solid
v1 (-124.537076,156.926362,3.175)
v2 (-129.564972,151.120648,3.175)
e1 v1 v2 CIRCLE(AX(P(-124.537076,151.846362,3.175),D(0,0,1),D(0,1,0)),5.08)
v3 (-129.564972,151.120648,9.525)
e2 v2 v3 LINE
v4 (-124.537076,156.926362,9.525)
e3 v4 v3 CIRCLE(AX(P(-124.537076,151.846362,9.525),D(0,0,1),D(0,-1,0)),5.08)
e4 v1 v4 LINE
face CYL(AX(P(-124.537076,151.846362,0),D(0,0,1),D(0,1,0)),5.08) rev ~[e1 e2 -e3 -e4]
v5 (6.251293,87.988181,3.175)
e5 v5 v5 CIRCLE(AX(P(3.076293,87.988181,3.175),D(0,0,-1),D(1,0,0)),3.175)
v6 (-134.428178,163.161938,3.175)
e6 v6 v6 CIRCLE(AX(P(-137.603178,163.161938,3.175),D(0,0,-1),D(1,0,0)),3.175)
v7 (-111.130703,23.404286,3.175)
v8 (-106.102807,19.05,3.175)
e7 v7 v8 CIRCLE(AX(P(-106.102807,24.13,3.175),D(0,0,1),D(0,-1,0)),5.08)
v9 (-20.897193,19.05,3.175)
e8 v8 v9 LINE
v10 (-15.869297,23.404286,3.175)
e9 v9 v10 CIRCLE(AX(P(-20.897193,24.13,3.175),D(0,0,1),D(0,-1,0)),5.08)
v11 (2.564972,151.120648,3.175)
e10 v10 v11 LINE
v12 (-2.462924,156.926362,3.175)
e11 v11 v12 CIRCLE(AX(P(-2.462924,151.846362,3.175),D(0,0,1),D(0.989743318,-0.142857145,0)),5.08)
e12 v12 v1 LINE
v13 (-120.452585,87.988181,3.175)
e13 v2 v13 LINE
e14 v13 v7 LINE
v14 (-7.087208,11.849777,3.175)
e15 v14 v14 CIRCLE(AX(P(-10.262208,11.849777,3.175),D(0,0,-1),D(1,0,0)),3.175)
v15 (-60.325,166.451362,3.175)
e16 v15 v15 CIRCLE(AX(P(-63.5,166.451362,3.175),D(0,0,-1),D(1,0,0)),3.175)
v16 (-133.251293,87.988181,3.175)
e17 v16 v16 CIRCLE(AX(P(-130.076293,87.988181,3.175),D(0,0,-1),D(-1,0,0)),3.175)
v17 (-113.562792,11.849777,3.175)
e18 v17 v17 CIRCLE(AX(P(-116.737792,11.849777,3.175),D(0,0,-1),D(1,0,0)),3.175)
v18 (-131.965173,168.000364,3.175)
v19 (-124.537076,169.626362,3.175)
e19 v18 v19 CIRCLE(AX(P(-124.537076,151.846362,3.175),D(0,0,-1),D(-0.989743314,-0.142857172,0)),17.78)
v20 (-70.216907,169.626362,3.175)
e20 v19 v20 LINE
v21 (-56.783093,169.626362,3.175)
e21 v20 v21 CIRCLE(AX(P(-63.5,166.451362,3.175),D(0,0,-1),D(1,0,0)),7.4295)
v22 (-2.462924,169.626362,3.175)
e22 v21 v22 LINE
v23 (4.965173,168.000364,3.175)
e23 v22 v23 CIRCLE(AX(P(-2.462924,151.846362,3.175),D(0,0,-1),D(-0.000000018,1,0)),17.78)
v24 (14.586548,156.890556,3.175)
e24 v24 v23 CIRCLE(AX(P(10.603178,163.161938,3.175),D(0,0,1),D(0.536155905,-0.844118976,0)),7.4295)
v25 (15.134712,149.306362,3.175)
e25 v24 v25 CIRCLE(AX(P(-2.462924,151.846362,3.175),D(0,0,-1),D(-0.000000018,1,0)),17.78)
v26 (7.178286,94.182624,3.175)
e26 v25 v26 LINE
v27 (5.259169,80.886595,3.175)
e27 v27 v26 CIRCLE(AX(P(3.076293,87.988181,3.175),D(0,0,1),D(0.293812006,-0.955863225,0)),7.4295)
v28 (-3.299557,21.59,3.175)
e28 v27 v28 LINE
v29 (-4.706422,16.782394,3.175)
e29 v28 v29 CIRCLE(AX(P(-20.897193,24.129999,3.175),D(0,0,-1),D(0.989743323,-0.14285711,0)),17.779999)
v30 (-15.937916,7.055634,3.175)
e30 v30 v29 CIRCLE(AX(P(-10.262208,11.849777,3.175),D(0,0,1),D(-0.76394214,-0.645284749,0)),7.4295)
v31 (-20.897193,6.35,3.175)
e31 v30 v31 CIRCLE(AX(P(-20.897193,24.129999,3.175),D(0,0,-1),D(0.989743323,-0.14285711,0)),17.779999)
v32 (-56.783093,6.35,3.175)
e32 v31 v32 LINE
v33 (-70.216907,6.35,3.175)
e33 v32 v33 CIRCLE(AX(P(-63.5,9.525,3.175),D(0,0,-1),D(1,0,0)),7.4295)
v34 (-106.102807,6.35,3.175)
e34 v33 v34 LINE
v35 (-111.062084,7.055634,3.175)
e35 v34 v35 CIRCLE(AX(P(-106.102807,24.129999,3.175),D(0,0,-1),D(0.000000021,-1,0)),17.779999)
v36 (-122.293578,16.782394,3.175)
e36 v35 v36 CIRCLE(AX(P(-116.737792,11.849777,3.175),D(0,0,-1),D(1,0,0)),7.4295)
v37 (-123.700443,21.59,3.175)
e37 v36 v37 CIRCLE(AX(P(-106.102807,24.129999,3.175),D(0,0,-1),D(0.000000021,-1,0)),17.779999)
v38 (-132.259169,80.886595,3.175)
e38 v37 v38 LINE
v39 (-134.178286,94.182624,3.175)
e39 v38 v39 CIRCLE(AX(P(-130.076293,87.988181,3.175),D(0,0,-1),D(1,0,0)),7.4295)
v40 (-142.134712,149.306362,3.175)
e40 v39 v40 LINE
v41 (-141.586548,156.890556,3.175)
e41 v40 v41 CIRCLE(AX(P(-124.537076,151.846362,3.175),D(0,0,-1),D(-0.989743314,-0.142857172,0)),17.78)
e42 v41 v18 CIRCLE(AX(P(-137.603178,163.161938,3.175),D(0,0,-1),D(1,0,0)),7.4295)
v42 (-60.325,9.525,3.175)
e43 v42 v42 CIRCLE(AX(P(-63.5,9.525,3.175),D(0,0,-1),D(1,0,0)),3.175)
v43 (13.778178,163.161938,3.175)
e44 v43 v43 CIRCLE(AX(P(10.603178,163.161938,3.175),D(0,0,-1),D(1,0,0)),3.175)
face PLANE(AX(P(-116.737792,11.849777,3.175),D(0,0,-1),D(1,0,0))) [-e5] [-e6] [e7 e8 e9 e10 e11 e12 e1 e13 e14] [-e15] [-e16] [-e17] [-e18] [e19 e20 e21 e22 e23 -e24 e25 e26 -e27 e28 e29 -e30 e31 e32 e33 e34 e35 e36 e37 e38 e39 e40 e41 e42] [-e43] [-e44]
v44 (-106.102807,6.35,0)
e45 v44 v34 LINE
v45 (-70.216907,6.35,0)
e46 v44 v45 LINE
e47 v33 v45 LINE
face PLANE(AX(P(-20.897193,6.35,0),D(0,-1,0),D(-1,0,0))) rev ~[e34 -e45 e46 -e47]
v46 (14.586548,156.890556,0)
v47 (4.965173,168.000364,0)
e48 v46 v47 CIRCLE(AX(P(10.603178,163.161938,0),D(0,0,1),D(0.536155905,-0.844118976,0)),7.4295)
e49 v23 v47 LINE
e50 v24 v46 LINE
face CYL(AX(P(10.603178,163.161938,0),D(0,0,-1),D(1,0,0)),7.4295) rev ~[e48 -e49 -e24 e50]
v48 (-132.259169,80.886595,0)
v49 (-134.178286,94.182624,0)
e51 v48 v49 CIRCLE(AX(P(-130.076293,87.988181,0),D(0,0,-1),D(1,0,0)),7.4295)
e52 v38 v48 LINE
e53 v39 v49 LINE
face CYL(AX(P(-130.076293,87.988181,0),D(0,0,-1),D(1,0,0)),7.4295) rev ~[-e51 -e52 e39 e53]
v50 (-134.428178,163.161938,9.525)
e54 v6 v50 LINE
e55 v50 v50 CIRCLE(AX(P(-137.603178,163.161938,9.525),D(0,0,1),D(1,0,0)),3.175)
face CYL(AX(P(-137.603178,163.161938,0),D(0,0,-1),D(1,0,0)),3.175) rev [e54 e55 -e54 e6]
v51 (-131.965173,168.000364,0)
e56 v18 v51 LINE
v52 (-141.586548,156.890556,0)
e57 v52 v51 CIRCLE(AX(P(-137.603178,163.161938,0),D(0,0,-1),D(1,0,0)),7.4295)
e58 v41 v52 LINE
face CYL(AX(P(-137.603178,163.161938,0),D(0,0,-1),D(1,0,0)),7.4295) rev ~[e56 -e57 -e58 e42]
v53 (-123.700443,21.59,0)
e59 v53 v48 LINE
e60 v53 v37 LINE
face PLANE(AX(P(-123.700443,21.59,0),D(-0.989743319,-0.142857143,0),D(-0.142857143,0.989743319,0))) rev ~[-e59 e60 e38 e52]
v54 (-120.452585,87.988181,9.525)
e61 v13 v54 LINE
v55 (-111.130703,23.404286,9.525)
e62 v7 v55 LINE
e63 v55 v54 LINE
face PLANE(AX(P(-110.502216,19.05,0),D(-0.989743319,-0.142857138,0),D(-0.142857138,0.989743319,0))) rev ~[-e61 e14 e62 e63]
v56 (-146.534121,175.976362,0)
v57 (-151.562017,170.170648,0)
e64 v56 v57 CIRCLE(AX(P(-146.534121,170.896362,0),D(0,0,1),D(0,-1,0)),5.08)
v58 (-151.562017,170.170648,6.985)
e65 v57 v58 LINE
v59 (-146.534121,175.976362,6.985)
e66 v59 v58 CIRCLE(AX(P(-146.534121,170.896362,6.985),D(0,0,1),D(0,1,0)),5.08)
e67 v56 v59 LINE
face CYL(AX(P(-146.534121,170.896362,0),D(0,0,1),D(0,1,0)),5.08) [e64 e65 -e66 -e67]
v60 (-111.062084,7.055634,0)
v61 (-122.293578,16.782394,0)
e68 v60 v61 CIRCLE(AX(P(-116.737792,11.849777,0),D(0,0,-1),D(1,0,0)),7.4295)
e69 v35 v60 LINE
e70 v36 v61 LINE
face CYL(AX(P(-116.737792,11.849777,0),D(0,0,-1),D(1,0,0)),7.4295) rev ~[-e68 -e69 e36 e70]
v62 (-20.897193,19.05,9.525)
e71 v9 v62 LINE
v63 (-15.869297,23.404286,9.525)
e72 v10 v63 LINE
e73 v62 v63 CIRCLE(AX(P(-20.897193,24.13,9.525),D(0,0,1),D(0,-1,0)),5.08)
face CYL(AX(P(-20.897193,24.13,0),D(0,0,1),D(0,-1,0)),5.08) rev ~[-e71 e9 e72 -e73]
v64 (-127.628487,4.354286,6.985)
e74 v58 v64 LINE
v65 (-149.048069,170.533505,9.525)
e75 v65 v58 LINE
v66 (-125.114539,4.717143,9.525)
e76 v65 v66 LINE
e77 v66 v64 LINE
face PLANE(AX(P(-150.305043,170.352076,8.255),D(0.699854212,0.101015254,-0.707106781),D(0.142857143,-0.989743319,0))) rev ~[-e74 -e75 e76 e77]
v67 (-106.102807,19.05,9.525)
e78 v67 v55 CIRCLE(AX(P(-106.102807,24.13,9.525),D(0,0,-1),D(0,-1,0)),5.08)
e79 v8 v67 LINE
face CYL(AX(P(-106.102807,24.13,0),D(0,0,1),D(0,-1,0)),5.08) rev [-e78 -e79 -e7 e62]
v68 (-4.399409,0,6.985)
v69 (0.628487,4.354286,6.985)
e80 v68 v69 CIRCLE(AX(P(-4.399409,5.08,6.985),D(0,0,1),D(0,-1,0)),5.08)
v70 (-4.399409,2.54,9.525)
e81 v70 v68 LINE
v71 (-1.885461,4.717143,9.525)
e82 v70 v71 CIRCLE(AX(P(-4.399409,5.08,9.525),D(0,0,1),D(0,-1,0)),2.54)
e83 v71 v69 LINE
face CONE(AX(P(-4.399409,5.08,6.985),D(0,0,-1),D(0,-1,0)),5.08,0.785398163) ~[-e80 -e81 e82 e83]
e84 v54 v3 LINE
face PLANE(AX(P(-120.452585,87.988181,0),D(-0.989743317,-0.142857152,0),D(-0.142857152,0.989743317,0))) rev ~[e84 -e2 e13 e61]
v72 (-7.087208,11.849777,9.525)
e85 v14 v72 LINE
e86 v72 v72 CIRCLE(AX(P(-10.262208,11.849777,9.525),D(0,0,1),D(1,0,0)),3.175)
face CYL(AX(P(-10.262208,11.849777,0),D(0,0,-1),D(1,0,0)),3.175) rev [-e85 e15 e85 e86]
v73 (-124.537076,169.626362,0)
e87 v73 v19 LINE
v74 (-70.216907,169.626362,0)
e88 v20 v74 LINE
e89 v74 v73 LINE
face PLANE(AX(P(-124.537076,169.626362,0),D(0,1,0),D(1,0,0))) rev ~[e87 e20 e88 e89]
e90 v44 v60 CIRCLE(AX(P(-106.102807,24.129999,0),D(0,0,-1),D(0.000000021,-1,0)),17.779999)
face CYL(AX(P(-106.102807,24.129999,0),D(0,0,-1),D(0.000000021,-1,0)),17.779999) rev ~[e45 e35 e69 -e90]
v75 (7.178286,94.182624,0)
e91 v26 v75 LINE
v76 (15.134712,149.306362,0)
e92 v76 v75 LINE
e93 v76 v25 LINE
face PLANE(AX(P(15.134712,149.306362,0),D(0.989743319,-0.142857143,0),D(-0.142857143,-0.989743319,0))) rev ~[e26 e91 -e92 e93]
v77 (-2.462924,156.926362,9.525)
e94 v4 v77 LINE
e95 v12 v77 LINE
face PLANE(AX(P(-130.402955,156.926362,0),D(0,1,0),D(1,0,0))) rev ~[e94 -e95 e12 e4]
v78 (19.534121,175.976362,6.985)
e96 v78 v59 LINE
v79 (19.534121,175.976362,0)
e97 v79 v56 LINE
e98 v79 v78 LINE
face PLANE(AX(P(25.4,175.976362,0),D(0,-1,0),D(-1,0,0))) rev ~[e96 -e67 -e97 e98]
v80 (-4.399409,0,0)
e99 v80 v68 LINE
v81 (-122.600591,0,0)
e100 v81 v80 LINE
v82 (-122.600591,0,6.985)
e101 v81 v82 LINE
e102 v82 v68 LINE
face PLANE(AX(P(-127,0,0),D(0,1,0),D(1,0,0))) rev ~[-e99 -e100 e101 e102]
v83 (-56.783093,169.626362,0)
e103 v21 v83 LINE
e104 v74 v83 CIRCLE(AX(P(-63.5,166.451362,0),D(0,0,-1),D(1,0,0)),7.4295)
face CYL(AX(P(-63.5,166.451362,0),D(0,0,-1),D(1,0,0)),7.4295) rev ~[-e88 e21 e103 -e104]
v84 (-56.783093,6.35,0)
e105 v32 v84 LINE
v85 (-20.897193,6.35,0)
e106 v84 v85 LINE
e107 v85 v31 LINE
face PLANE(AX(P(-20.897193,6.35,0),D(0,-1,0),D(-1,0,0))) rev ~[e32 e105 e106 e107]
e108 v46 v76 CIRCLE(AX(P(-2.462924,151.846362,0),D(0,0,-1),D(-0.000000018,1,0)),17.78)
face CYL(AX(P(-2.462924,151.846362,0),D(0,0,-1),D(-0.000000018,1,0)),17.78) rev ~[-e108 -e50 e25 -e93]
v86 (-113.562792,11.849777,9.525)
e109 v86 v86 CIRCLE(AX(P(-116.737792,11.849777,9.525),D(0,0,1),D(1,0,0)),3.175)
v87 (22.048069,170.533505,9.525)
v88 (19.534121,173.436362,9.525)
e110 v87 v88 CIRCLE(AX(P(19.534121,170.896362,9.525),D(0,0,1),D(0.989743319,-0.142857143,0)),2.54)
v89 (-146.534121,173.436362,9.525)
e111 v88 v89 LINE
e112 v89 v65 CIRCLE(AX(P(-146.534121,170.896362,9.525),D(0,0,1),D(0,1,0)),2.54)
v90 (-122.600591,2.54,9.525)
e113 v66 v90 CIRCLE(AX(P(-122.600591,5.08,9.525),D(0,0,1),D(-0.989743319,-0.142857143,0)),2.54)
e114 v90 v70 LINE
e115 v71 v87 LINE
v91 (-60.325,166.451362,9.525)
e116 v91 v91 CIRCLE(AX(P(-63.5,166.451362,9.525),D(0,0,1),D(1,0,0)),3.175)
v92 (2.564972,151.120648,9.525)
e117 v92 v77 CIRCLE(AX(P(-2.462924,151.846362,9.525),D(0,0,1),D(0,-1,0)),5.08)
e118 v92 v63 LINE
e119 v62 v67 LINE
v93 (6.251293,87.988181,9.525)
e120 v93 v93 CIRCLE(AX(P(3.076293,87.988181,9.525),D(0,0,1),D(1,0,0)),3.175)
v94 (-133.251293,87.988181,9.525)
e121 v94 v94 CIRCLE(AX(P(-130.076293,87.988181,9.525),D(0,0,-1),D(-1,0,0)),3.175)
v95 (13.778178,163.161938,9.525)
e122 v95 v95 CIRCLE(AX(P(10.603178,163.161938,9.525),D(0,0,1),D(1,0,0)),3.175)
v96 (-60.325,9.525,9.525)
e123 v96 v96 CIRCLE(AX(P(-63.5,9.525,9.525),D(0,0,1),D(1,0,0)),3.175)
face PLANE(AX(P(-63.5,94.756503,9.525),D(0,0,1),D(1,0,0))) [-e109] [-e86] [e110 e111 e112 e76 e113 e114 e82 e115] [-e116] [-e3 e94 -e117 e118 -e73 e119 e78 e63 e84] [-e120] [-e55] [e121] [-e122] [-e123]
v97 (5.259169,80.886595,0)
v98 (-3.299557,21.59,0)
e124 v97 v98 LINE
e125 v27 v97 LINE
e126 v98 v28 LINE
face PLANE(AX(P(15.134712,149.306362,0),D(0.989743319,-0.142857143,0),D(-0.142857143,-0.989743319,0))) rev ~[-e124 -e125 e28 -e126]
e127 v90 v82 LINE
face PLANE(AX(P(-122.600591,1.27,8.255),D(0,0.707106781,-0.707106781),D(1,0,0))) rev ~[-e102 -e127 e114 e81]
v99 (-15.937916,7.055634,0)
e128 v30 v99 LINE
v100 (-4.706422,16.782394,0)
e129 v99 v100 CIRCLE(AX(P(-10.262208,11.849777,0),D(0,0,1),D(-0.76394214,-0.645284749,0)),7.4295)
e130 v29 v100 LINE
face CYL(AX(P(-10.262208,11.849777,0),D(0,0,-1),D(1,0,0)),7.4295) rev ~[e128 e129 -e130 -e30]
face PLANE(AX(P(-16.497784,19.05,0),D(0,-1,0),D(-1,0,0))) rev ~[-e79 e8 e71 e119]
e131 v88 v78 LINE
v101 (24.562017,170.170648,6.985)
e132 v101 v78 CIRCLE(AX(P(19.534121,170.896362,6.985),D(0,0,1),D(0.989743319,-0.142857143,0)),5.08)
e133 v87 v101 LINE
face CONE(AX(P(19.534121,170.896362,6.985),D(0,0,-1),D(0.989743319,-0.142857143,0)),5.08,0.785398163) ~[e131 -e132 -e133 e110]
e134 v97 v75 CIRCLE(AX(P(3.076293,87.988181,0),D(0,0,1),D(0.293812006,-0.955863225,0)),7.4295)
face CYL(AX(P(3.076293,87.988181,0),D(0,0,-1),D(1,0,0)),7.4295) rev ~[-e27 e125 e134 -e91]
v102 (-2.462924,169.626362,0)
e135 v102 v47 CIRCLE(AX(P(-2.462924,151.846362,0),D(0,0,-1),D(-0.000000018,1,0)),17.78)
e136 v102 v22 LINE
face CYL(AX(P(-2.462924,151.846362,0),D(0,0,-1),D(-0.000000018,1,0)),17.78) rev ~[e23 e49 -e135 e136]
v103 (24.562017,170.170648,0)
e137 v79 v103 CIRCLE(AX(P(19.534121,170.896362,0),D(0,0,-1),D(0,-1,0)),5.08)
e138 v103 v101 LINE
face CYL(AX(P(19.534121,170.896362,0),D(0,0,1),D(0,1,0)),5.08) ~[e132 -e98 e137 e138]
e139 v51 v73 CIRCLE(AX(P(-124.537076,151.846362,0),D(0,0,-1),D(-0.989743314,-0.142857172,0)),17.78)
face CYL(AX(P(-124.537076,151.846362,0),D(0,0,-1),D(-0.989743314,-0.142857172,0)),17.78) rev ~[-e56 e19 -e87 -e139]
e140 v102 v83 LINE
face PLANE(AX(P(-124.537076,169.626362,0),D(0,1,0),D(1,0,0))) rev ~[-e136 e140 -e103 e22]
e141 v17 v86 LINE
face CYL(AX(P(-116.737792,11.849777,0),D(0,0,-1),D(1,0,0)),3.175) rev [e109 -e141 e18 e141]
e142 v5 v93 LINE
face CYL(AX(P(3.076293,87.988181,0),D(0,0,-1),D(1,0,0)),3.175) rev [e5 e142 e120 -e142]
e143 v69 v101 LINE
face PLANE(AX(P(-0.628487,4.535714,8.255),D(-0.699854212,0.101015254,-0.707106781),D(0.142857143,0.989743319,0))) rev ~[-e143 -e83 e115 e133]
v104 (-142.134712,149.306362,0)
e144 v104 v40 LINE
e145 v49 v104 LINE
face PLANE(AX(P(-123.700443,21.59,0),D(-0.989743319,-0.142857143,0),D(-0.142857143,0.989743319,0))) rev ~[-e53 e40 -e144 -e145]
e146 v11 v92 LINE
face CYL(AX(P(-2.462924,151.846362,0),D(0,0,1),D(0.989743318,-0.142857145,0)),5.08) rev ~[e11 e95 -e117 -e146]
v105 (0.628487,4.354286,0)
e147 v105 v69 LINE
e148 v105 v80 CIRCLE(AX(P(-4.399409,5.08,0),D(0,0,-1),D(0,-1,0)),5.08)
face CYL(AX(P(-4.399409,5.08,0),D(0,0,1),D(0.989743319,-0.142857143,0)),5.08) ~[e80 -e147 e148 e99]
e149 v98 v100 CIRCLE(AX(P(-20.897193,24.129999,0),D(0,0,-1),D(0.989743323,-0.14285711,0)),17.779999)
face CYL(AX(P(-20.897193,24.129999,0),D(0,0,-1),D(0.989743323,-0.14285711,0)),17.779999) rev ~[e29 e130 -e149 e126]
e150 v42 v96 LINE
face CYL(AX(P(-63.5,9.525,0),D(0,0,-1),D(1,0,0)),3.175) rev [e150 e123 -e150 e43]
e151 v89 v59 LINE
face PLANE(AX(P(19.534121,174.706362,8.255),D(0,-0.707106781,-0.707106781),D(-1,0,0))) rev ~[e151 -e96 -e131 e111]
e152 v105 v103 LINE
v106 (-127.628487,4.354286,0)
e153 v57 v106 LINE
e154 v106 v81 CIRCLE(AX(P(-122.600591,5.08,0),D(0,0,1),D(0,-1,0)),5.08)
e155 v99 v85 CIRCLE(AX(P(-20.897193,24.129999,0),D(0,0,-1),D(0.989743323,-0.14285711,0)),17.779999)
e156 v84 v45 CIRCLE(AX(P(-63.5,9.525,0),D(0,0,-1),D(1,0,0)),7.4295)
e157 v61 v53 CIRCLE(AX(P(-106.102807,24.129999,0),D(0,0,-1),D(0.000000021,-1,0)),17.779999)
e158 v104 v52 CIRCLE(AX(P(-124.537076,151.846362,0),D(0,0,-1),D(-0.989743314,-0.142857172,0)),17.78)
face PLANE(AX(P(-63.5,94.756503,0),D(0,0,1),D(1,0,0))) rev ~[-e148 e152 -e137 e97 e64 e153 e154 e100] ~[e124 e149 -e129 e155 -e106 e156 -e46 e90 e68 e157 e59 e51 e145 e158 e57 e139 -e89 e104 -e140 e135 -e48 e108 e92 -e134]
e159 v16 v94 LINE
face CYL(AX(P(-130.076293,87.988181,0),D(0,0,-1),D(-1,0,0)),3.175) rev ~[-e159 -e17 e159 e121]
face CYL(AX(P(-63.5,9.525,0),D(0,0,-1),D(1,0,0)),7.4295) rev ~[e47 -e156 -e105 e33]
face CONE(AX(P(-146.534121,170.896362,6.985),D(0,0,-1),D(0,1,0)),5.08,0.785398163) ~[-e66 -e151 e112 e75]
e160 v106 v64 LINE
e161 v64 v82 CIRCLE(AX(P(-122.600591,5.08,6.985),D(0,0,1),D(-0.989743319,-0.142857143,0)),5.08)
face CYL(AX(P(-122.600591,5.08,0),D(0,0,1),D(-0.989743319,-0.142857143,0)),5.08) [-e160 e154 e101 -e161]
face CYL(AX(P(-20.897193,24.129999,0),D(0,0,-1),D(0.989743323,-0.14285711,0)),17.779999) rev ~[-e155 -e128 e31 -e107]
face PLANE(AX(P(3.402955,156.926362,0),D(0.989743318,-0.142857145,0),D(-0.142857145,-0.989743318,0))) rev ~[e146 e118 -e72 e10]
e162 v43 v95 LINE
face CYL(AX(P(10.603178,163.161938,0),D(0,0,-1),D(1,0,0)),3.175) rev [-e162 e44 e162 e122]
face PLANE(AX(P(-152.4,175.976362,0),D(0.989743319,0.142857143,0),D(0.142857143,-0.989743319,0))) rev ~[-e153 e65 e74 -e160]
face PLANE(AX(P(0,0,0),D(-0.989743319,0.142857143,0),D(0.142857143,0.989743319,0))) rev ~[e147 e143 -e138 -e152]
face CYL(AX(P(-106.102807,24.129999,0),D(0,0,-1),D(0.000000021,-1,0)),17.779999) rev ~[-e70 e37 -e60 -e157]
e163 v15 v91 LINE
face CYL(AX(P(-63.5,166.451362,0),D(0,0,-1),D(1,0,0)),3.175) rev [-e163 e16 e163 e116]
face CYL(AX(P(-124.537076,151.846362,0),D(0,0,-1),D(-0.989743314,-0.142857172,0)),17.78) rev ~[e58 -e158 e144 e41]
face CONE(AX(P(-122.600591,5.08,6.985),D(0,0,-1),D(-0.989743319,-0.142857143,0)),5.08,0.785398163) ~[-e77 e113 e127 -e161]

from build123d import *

# Parameters (mm, degrees)
F0_R     = 3.175
F1_DEPTH = 9.525
F2_R     = 5.08
F3_SIZE  = 2.54
F5_DEPTH = 3.175
F6_R     = 7.4295
F7_DEPTH = 3.175


with BuildPart() as f1:
    # F0 (on Top) → F1 (new body)
    with BuildSketch(Plane.XY):
        Polygon((25.4, 175.976362), (-152.4, 175.976362), (-139.7, 87.988181), (-127, 0), (0, 0), align=None)
        with Locations((-116.737792, 11.849777)):
            Circle(F0_R, mode=Mode.SUBTRACT)
        with BuildLine():
            ThreePointArc((-126.901293, 87.988181), (-130.076293, 84.813181), (-133.251293, 87.988181))
            ThreePointArc((-133.251293, 87.988181), (-130.076293, 91.163181), (-126.901293, 87.988181))
        make_face(mode=Mode.SUBTRACT)
        with Locations((-63.5, 9.525)):
            Circle(F0_R, mode=Mode.SUBTRACT)
        with Locations((-10.262208, 11.849777)):
            Circle(F0_R, mode=Mode.SUBTRACT)
        with Locations((3.076293, 87.988181)):
            Circle(F0_R, mode=Mode.SUBTRACT)
        with Locations((-137.603178, 163.161938)):
            Circle(F0_R, mode=Mode.SUBTRACT)
        Polygon((-110.502216, 19.05), (-120.452585, 87.988181), (-130.402955, 156.926362), (3.402955, 156.926362), (-16.497784, 19.05), align=None, mode=Mode.SUBTRACT)
        with Locations((-63.5, 166.451362)):
            Circle(F0_R, mode=Mode.SUBTRACT)
        with Locations((10.603178, 163.161938)):
            Circle(F0_R, mode=Mode.SUBTRACT)
    extrude(amount=F1_DEPTH)

    # F2
    f2_edges = [f1.edges().sort_by_distance(p)[0] for p in [
        (-152.4, 175.976362, 4.7625),
        (-130.402955, 156.926362, 4.7625),
        (25.4, 175.976362, 4.7625),
        (3.402955, 156.926362, 4.7625),
        (-127, 0, 4.7625),
        (0, 0, 4.7625),
        (-16.497784, 19.05, 4.7625),
        (-110.502216, 19.05, 4.7625),
    ]]
    fillet(f2_edges, radius=F2_R)

    # F3
    f3_edges = [f1.edges().sort_by_distance(p)[0] for p in [
        (-63.5, 0, 9.525),
    ]]
    chamfer(f3_edges, length=F3_SIZE)

    # F4 (on face) → F5 (cut)
    with BuildSketch(Plane(origin=(0, 0, 0), x_dir=(1, 0, 0), z_dir=(0, 0, -1))):
        with BuildLine():
            ThreePointArc((-3.299557, -21.59), (-9.257451, -10.689583), (-20.897193, -6.35))
            Line((-20.897193, -6.35), (-106.102807, -6.35))
            ThreePointArc((-106.102807, -6.35), (-117.742549, -10.689583), (-123.700443, -21.59))
            Line((-123.700443, -21.59), (-142.134712, -149.306362))
            ThreePointArc((-142.134712, -149.306362), (-137.977493, -163.486104), (-124.537076, -169.626362))
            Line((-124.537076, -169.626362), (-2.462924, -169.626362))
            ThreePointArc((-2.462924, -169.626362), (10.977493, -163.486104), (15.134712, -149.306362))
            Line((15.134712, -149.306362), (-3.299557, -21.59))
        make_face()
    extrude(amount=-F5_DEPTH, mode=Mode.SUBTRACT)

    # F6 (on face) → F7 (cut, through all)
    with BuildSketch(Plane(origin=(0, 0, 0), x_dir=(1, 0, 0), z_dir=(0, 0, -1))):
        with Locations((-116.737792, -11.849777)):
            Circle(F6_R)
        with Locations((-63.5, -9.525)):
            Circle(F6_R)
        with Locations((-10.262208, -11.849777)):
            Circle(F6_R)
        with Locations((3.076293, -87.988181)):
            Circle(F6_R)
        with Locations((-63.5, -166.451362)):
            Circle(F6_R)
        with Locations((-137.603178, -163.161938)):
            Circle(F6_R)
        with Locations((10.603178, -163.161938)):
            Circle(F6_R)
        with Locations((-130.076293, -87.988181)):
            Circle(F6_R)
    extrude(amount=-F7_DEPTH, mode=Mode.SUBTRACT)


solid = f1.part
